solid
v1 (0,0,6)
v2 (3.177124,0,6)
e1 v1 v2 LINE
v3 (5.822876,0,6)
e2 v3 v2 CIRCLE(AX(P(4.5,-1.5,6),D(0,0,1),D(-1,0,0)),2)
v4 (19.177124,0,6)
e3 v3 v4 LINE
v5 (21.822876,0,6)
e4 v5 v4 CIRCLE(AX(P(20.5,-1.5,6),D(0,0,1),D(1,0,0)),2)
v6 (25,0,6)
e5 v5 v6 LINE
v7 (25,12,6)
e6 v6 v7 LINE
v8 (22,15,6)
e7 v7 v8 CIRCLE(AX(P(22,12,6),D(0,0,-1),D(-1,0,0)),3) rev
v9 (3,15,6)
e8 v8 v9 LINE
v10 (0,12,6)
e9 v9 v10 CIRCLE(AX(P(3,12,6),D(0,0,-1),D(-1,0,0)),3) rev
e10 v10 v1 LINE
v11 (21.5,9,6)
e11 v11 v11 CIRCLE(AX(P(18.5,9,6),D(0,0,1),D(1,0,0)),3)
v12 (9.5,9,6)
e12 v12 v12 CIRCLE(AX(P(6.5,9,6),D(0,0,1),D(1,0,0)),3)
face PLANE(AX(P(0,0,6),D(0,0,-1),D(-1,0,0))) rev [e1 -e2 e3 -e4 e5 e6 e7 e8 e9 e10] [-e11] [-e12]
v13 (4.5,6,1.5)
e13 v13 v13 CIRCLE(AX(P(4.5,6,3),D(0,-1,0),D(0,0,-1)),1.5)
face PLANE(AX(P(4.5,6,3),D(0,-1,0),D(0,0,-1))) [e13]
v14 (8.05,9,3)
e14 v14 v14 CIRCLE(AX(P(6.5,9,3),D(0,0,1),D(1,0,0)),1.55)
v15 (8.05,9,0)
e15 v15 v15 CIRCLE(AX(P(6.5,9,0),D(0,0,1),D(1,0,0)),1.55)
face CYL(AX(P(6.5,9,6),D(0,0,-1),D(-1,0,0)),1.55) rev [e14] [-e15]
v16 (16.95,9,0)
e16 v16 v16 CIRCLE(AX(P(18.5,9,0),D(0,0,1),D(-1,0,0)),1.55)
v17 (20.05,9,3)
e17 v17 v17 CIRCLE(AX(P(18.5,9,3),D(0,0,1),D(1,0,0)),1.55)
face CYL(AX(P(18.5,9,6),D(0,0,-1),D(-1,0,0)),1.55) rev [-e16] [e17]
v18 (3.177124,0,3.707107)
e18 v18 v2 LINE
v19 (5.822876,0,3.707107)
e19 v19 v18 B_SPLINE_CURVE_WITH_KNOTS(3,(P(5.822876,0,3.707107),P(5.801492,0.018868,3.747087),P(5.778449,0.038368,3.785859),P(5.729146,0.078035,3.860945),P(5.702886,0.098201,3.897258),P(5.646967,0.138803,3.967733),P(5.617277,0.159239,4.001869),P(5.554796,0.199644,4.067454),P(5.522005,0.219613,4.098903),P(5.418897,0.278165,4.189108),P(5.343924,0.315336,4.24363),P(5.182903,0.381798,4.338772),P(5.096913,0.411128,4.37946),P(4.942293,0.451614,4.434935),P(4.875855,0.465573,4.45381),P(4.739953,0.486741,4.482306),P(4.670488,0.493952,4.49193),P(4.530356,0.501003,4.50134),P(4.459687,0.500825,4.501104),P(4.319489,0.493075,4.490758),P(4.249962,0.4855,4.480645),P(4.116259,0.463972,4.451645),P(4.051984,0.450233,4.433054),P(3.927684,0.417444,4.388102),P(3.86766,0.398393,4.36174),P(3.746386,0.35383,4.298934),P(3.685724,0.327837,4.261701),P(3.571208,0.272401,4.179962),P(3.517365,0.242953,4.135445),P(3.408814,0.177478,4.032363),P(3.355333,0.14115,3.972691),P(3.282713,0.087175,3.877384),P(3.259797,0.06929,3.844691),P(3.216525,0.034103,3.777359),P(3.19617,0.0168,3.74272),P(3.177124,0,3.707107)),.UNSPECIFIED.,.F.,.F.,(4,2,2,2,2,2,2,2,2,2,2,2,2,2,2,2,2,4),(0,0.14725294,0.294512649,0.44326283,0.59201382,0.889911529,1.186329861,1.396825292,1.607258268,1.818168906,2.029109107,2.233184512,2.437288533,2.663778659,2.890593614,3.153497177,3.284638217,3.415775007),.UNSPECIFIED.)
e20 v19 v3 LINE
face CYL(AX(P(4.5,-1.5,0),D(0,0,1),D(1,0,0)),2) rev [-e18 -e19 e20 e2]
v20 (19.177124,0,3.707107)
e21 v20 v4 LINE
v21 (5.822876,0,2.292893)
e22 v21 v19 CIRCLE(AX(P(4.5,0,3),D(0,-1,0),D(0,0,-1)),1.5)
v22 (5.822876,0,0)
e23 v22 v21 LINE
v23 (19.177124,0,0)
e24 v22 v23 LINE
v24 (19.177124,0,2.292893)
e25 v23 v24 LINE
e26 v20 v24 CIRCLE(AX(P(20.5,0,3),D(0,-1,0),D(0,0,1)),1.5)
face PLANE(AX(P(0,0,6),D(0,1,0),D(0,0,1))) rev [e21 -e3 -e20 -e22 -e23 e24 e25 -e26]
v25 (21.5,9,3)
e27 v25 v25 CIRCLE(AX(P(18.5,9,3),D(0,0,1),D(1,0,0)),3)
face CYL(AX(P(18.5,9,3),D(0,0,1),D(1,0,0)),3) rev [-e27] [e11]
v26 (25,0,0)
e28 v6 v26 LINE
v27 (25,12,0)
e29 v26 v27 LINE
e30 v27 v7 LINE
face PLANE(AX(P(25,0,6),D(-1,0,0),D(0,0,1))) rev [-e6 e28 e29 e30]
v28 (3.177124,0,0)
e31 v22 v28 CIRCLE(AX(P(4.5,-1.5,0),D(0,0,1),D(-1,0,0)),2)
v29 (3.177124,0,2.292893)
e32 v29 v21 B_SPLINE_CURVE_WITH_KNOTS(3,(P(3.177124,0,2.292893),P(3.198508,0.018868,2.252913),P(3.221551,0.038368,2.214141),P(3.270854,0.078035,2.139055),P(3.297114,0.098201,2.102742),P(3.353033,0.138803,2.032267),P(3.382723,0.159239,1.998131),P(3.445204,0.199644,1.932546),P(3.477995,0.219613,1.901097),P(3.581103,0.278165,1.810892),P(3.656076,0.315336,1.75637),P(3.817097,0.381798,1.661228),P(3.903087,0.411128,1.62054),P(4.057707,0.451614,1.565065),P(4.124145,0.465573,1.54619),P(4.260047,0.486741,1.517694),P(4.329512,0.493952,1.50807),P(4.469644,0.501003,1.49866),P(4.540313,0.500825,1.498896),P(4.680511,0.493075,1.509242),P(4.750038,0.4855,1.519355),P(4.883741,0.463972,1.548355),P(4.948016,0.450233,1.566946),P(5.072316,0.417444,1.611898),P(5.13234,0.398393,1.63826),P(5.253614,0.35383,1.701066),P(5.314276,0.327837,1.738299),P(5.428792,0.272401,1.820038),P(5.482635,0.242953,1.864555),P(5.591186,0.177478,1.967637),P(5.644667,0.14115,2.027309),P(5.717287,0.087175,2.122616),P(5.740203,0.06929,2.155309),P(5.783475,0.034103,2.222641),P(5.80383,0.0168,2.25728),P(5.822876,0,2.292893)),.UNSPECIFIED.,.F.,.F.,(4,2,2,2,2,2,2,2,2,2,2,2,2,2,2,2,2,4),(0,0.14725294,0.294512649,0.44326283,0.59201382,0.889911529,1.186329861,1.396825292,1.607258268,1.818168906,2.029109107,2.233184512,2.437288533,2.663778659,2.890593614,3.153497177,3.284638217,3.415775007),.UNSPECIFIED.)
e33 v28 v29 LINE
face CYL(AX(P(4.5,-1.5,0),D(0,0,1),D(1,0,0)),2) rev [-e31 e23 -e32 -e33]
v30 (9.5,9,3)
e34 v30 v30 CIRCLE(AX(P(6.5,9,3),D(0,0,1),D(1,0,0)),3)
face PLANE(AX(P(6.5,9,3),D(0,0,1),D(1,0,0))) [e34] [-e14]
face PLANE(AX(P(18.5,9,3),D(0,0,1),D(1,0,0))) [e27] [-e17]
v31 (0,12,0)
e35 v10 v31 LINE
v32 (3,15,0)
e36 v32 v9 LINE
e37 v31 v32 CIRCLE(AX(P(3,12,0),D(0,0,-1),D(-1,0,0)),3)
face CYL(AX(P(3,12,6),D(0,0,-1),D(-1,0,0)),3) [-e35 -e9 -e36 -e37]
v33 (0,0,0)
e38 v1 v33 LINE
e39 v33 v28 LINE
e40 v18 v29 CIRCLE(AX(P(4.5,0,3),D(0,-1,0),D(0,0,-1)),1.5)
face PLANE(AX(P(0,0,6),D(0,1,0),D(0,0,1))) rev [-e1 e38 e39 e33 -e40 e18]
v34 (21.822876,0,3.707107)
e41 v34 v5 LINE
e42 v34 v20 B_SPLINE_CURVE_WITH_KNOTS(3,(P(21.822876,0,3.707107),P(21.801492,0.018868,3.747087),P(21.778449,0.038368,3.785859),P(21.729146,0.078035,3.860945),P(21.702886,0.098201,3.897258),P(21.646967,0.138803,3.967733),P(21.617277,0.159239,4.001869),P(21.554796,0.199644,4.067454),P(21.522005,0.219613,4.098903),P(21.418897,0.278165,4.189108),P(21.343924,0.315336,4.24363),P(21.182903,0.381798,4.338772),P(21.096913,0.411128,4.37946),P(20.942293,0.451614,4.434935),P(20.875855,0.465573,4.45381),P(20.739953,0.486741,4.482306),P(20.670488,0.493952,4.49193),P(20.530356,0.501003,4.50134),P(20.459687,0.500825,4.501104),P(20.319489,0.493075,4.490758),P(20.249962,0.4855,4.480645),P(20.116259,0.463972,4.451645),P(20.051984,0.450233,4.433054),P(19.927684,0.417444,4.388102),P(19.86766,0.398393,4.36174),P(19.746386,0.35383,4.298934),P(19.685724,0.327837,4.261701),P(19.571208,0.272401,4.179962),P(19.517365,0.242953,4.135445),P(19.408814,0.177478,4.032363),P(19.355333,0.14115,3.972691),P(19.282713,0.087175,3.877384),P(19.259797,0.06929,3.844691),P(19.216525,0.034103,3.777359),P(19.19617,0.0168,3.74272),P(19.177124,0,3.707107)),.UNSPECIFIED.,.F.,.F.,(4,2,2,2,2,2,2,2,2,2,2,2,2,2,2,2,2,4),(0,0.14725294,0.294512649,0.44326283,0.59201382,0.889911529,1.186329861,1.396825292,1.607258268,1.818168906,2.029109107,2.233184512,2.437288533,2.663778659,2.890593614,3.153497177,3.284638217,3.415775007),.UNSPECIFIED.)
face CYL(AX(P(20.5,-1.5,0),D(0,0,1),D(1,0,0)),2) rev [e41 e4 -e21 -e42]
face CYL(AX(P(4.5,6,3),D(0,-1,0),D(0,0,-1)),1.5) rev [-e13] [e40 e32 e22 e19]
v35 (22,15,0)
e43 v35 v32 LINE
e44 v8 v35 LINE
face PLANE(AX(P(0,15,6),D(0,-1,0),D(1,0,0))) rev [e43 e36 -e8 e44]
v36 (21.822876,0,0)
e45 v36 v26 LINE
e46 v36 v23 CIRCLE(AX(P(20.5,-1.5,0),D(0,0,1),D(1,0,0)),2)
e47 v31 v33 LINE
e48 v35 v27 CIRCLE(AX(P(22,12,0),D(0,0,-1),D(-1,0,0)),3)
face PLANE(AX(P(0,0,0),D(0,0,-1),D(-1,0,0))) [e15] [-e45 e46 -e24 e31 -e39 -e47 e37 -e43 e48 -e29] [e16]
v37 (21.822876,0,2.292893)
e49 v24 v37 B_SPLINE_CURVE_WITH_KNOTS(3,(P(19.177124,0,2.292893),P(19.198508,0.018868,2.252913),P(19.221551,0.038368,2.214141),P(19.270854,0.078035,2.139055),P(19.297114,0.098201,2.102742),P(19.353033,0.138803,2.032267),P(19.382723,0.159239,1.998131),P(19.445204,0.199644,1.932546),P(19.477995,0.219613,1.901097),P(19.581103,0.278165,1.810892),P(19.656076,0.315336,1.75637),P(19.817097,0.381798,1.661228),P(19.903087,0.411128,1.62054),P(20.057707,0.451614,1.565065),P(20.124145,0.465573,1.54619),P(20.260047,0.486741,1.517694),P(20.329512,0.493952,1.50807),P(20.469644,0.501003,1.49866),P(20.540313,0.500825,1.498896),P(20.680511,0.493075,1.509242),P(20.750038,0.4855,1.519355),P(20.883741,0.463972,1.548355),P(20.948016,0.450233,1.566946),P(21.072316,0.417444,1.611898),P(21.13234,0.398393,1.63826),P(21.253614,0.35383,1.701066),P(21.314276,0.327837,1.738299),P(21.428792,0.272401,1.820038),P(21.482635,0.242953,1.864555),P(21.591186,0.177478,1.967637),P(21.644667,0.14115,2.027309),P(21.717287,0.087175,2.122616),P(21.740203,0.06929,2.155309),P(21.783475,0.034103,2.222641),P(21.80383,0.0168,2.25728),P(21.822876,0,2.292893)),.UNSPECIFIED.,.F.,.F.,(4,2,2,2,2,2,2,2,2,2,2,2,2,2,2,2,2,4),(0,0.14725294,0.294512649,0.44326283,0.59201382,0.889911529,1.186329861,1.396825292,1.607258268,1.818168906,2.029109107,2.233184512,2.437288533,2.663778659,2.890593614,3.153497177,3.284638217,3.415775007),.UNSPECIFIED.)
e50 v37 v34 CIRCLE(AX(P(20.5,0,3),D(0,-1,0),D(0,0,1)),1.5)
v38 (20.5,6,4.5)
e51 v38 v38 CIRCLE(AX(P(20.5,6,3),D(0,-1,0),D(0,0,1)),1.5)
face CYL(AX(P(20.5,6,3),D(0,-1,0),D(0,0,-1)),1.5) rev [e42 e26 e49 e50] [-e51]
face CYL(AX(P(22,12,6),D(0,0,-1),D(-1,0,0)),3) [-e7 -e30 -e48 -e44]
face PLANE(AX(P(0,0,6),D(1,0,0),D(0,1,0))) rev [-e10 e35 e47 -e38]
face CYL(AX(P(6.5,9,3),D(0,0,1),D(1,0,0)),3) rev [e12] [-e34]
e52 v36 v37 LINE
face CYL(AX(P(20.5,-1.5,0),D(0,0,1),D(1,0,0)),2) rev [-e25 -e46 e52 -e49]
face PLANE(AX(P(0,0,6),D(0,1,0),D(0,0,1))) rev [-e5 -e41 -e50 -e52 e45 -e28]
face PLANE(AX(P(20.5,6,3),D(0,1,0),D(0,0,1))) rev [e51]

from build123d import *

# Parameters (mm, degrees)
SKETCH_1_W          = 25
SKETCH_1_H          = 15
SKETCH_1_R          = 1.55
EXTRUDE_1_DEPTH     = 6
SKETCH_3_R          = 1.5
CUT_EXTRUDE_1_DEPTH = 6
CUT_EXTRUDE_2_DEPTH = 30.765752132
FILLET_1_R          = 3
SKETCH_5_R          = 3
CUT_EXTRUDE_3_DEPTH = 3


with BuildPart() as part:
    # ｽｹｯﾁ1 → ﾎﾞｽ - 押し出し1 (new body)
    with BuildSketch(Plane.XY):
        with Locations((12.5, 7.5)):
            Rectangle(SKETCH_1_W, SKETCH_1_H)
        with Locations((6.5, 9)):
            Circle(SKETCH_1_R, mode=Mode.SUBTRACT)
        with Locations(Location((18.5, 9, 0), (0, 0, 180))):
            Circle(SKETCH_1_R, mode=Mode.SUBTRACT)
    extrude(amount=EXTRUDE_1_DEPTH)

    # ｽｹｯﾁ3 → ｶｯﾄ - 押し出し1 (cut)
    with BuildSketch(Plane.XZ):
        with Locations(Location((4.5, 3, 0), (0, 0, 270))):
            Circle(SKETCH_3_R)
        with Locations(Location((20.5, 3, 0), (0, 0, 90))):
            Circle(SKETCH_3_R)
    extrude(amount=-CUT_EXTRUDE_1_DEPTH, mode=Mode.SUBTRACT)

    # ｽｹｯﾁ4 → ｶｯﾄ - 押し出し2 (cut, through all)
    with BuildSketch(Plane.XY.offset(6)):
        with BuildLine():
            Line((3.177124344, 0), (5.822875656, 0))
            ThreePointArc((5.822875656, 0), (4.5, 0.5), (3.177124344, 0))
        make_face()
        with BuildLine():
            Line((21.822875656, 0), (19.177124344, 0))
            ThreePointArc((19.177124344, 0), (20.5, 0.5), (21.822875656, 0))
        make_face()
    extrude(amount=-CUT_EXTRUDE_2_DEPTH, mode=Mode.SUBTRACT)

    # ﾌｨﾚｯﾄ1
    fillet_1_edges = [part.edges().sort_by_distance(p)[0] for p in [
        (0, 15, 3),
        (25, 15, 3),
    ]]
    fillet(fillet_1_edges, radius=FILLET_1_R)

    # ｽｹｯﾁ5 → ｶｯﾄ - 押し出し3 (cut)
    with BuildSketch(Plane.XY.offset(6)):
        with Locations((6.5, 9)):
            Circle(SKETCH_5_R)
        with Locations((18.5, 9)):
            Circle(SKETCH_5_R)
    extrude(amount=-CUT_EXTRUDE_3_DEPTH, mode=Mode.SUBTRACT)


solid = part.part
